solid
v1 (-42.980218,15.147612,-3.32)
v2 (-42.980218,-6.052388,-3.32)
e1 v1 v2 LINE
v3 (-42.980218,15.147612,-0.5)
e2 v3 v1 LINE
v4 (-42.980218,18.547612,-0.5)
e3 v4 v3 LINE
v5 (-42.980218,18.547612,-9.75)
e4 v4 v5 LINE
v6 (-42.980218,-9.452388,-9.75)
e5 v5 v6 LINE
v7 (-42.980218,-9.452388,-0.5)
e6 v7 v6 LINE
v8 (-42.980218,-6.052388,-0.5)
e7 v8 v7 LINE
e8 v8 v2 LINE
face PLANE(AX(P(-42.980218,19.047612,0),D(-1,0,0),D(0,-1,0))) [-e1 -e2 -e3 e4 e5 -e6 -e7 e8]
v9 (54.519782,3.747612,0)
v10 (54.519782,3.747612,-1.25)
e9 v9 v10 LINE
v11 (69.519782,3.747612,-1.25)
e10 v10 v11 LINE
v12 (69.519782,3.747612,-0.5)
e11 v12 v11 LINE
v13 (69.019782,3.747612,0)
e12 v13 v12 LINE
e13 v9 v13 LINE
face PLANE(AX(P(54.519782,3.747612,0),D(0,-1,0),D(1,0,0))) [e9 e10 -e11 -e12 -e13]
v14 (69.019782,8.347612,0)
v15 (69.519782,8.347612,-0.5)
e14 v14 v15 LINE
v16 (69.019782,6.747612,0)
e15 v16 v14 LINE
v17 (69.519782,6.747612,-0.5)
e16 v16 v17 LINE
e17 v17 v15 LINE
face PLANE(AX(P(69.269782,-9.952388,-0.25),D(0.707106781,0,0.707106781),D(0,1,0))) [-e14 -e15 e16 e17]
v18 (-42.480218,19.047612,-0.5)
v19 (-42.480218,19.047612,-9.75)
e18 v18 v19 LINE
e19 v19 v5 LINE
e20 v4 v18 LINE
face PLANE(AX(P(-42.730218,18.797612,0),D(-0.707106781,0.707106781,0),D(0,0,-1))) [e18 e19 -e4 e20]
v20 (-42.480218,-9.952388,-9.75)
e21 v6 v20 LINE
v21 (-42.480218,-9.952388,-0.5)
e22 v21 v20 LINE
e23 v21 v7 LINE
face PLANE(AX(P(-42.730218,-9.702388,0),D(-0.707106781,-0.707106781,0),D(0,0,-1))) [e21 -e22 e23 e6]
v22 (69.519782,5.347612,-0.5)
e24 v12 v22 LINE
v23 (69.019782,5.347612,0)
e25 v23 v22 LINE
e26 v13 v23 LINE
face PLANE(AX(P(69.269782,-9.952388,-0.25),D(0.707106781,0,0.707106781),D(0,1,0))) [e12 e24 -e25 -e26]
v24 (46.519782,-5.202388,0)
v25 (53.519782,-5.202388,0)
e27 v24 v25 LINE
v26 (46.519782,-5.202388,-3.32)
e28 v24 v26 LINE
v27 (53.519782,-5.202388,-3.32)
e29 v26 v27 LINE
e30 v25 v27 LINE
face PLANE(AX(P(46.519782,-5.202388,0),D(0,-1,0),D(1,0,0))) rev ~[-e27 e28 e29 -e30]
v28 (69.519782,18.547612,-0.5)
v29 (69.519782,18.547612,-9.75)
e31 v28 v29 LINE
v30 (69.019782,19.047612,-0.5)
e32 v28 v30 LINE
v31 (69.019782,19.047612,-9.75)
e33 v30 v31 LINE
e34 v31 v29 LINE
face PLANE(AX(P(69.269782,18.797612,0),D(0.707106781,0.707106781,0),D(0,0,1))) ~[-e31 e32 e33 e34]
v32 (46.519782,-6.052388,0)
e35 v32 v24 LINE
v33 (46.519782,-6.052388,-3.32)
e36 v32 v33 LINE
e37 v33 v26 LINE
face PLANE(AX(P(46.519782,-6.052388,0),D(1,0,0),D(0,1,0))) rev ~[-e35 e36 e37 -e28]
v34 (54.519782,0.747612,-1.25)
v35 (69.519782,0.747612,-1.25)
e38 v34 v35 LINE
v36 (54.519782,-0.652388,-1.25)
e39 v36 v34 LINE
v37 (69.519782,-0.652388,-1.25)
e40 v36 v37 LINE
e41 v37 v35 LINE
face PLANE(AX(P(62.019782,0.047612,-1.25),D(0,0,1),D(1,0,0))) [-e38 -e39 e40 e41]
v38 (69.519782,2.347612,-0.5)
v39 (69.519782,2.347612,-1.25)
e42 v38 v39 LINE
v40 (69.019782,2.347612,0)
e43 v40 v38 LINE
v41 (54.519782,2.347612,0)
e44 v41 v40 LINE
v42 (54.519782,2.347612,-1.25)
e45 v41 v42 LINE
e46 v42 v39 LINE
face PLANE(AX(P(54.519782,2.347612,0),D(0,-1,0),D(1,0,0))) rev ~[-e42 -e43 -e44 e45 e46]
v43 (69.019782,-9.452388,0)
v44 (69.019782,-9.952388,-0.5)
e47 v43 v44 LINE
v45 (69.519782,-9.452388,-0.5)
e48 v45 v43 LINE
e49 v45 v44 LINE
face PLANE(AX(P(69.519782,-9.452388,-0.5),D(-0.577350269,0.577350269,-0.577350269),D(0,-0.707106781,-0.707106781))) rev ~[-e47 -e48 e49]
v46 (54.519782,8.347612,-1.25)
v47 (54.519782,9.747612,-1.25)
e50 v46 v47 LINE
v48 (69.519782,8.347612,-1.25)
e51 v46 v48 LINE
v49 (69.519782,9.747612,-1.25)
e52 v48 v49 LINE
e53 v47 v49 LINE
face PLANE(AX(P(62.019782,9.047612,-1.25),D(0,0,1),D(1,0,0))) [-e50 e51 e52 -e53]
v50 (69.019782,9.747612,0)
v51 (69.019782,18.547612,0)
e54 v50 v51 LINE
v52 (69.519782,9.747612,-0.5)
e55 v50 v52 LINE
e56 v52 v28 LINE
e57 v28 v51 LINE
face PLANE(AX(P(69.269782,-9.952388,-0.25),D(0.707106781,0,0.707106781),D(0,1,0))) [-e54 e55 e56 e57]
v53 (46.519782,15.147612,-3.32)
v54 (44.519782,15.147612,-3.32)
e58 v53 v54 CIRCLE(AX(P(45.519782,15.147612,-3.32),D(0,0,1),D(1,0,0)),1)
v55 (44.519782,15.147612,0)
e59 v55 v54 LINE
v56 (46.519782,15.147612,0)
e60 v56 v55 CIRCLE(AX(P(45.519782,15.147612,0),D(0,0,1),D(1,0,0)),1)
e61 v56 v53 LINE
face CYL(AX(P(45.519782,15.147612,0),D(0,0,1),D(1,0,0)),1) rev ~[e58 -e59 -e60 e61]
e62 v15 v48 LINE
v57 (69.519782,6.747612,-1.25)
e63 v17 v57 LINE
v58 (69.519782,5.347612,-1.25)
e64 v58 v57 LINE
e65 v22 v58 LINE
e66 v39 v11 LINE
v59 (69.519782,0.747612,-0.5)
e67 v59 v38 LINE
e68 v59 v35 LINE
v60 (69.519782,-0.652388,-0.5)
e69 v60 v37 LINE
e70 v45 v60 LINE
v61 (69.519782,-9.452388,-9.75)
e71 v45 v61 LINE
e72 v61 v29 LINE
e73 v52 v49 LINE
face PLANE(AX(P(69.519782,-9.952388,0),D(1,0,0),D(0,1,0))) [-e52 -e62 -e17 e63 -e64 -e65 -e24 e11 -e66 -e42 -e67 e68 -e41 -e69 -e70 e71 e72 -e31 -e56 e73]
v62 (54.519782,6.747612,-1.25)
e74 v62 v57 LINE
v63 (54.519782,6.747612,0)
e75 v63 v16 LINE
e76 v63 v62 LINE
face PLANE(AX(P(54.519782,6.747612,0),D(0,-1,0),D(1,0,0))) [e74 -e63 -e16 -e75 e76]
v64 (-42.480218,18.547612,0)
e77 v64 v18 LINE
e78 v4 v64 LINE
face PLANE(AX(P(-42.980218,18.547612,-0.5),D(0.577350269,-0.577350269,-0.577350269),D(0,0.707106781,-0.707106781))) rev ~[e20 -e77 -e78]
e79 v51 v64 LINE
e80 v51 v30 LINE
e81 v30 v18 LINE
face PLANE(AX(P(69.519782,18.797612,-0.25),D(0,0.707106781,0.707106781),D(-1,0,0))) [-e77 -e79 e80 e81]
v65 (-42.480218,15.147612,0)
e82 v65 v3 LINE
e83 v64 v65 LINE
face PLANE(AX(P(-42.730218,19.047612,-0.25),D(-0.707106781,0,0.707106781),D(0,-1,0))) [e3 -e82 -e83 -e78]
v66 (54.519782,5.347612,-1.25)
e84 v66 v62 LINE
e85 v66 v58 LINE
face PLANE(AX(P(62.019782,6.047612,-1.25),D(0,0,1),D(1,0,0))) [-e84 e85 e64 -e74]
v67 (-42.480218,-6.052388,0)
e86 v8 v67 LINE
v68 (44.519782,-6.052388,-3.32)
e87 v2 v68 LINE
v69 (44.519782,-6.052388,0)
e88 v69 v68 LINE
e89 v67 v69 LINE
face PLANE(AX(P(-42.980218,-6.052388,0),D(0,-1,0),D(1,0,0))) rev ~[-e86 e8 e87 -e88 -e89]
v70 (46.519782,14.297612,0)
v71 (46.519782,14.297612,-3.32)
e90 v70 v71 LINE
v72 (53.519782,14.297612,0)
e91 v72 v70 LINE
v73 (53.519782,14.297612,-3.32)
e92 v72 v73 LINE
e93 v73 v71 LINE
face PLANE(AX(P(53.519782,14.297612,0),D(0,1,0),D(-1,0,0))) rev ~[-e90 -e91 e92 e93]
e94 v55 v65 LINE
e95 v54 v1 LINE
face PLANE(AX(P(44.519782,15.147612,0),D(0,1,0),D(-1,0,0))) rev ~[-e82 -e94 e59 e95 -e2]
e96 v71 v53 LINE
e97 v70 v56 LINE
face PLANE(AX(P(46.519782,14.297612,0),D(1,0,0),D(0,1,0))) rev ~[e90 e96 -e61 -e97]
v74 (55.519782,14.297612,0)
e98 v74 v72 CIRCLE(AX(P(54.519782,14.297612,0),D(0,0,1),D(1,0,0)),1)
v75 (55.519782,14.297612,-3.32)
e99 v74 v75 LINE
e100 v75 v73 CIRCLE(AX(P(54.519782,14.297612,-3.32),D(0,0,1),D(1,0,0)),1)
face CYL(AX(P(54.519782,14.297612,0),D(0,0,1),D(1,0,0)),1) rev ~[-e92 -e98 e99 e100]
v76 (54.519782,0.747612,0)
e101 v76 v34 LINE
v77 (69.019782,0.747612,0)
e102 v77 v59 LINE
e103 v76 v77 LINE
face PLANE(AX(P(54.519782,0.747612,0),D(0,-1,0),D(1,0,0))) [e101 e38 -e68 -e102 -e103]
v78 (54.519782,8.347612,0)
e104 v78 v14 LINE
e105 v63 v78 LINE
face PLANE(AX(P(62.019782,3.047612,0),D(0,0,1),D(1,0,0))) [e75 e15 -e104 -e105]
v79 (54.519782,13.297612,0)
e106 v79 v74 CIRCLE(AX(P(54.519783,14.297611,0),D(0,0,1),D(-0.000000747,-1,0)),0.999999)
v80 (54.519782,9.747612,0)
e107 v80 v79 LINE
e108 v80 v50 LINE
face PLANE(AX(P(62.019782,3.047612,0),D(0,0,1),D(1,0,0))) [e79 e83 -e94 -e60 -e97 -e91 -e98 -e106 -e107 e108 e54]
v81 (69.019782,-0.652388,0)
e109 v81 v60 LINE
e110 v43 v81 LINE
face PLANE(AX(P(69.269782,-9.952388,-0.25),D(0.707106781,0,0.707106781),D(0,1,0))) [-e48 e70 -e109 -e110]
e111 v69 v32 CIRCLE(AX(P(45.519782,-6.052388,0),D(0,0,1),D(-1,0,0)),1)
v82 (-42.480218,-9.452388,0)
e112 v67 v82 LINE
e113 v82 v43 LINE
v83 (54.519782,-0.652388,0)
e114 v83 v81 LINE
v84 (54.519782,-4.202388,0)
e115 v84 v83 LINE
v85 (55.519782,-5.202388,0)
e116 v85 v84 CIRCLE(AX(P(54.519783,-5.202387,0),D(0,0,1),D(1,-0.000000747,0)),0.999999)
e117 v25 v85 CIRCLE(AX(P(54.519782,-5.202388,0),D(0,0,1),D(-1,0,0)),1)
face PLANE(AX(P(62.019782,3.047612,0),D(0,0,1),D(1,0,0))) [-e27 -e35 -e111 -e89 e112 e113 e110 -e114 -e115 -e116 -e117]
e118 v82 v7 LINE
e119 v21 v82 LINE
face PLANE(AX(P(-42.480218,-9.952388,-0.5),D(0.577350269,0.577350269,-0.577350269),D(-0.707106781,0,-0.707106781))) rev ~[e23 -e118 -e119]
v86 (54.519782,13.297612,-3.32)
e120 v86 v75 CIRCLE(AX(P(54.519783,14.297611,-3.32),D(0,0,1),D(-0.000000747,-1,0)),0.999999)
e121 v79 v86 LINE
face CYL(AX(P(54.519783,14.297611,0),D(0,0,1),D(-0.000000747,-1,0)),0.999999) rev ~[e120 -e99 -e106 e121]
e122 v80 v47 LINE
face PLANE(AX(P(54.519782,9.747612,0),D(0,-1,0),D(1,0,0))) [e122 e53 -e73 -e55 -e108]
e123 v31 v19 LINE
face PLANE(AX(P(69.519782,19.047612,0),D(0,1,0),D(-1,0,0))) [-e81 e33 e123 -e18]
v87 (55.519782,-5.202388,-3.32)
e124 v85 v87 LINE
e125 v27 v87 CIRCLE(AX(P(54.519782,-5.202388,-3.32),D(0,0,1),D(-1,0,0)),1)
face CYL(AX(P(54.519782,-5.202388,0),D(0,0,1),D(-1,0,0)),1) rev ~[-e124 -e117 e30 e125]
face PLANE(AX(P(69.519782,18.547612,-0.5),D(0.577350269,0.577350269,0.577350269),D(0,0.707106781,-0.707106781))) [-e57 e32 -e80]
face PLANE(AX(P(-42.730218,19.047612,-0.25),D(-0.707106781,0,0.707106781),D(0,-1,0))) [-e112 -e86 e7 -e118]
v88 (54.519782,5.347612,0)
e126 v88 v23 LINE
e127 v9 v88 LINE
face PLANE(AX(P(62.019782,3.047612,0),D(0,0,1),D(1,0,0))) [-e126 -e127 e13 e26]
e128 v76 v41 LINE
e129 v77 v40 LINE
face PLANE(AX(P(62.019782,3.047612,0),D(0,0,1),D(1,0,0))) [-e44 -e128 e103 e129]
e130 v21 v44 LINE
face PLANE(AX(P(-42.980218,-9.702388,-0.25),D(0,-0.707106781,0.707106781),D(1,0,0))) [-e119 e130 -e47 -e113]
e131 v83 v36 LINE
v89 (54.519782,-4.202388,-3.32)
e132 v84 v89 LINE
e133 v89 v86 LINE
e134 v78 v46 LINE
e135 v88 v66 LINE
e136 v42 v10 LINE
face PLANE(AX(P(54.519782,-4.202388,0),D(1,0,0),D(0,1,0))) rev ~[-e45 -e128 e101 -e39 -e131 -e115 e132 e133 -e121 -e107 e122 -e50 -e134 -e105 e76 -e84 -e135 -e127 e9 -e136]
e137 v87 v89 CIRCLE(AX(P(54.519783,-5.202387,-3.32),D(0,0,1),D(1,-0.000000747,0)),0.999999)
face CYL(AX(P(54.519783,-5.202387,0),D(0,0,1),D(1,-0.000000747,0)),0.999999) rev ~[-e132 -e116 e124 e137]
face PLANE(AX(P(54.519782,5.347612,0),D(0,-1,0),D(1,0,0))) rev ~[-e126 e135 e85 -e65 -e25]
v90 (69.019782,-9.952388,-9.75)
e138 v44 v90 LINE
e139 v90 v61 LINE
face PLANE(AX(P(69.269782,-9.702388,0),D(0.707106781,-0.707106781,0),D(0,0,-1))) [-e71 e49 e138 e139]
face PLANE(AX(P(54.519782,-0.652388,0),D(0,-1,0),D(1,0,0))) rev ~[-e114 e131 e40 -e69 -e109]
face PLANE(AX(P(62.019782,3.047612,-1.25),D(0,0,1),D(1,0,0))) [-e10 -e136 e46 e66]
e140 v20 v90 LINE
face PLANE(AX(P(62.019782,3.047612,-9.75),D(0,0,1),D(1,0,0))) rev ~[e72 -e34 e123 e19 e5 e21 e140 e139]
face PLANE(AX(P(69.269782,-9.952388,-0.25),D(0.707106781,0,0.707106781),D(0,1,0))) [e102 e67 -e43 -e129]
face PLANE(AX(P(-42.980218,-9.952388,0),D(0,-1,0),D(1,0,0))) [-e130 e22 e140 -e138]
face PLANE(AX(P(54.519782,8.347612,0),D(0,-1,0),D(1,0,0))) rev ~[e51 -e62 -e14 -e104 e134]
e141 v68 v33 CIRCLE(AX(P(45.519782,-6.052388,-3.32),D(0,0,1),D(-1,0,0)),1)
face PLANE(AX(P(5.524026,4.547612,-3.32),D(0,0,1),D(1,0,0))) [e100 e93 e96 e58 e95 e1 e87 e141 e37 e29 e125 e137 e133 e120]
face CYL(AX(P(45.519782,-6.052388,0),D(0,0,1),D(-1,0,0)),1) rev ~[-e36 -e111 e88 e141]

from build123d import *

# Parameters (mm, degrees)
F0_W     = 15
F0_H     = 1.4
F0_H_2   = 1.6
F1_DEPTH = 9.75
F2_SIZE  = 0.5
F3_DEPTH = 3.32
F4_DEPTH = 1.25


with BuildPart() as f1:
    # F0 (on Top) → F1 (new body)
    with BuildSketch(Plane.XY):
        with Locations((62.019782, 3.047612)):
            Rectangle(F0_W, F0_H)
        with Locations((62.019782, 6.047612)):
            Rectangle(F0_W, F0_H)
        with Locations((62.019782, 0.047612)):
            Rectangle(F0_W, F0_H)
        with Locations((62.019782, 9.047612)):
            Rectangle(F0_W, F0_H)
        with Locations((62.019782, 4.547612)):
            Rectangle(F0_W, F0_H_2)
        with Locations((62.019782, 1.547612)):
            Rectangle(F0_W, F0_H_2)
        with Locations((62.019782, 7.547612)):
            Rectangle(F0_W, F0_H_2)
        with BuildLine():
            Line((44.519782, 15.147612), (-42.980218, 15.147612))
            Line((-42.980218, 15.147612), (-42.980218, -6.052388))
            Line((-42.980218, -6.052388), (44.519782, -6.052388))
            Line((44.519782, -6.052388), (46.519782, -6.052388))
            Line((46.519782, -6.052388), (46.519782, -5.202388))
            Line((46.519782, -5.202388), (53.519782, -5.202388))
            ThreePointArc((53.519782, -5.202388), (53.812675, -4.495281), (54.519782, -4.202388))
            Line((54.519782, -4.202388), (54.519782, -0.652388))
            Line((54.519782, -0.652388), (54.519782, 0.747612))
            Line((54.519782, 0.747612), (54.519782, 2.347612))
            Line((54.519782, 2.347612), (54.519782, 3.747612))
            Line((54.519782, 3.747612), (54.519782, 5.347612))
            Line((54.519782, 5.347612), (54.519782, 6.747612))
            Line((54.519782, 6.747612), (54.519782, 8.347612))
            Line((54.519782, 8.347612), (54.519782, 9.747612))
            Line((54.519782, 9.747612), (54.519782, 13.297612))
            ThreePointArc((54.519782, 13.297612), (53.812675, 13.590505), (53.519782, 14.297612))
            Line((53.519782, 14.297612), (46.519782, 14.297612))
            Line((46.519782, 14.297612), (46.519782, 15.147612))
            Line((46.519782, 15.147612), (44.519782, 15.147612))
        make_face()
        with BuildLine():
            Line((46.519782, -6.052388), (44.519782, -6.052388))
            ThreePointArc((44.519782, -6.052388), (45.519782, -7.052388), (46.519782, -6.052388))
        make_face()
        with BuildLine():
            ThreePointArc((46.519782, 15.147612), (45.519782, 16.147612), (44.519782, 15.147612))
            Line((44.519782, 15.147612), (46.519782, 15.147612))
        make_face()
        with BuildLine():
            Line((69.519782, 19.047612), (-42.980218, 19.047612))
            Line((-42.980218, 19.047612), (-42.980218, 15.147612))
            Line((-42.980218, 15.147612), (44.519782, 15.147612))
            ThreePointArc((44.519782, 15.147612), (45.519782, 16.147612), (46.519782, 15.147612))
            Line((46.519782, 15.147612), (46.519782, 14.297612))
            Line((46.519782, 14.297612), (53.519782, 14.297612))
            ThreePointArc((53.519782, 14.297612), (54.519782, 15.297612), (55.519782, 14.297612))
            ThreePointArc((55.519782, 14.297612), (55.226889, 13.590505), (54.519782, 13.297612))
            Line((54.519782, 13.297612), (54.519782, 9.747612))
            Line((54.519782, 9.747612), (69.519782, 9.747612))
            Line((69.519782, 9.747612), (69.519782, 19.047612))
        make_face()
        with BuildLine():
            Line((44.519782, -6.052388), (-42.980218, -6.052388))
            Line((-42.980218, -6.052388), (-42.980218, -9.952388))
            Line((-42.980218, -9.952388), (69.519782, -9.952388))
            Line((69.519782, -9.952388), (69.519782, -0.652388))
            Line((69.519782, -0.652388), (54.519782, -0.652388))
            Line((54.519782, -0.652388), (54.519782, -4.202388))
            ThreePointArc((54.519782, -4.202388), (55.226889, -4.495281), (55.519782, -5.202388))
            ThreePointArc((55.519782, -5.202388), (54.519782, -6.202388), (53.519782, -5.202388))
            Line((53.519782, -5.202388), (46.519782, -5.202388))
            Line((46.519782, -5.202388), (46.519782, -6.052388))
            ThreePointArc((46.519782, -6.052388), (45.519782, -7.052388), (44.519782, -6.052388))
        make_face()
        with BuildLine():
            Line((54.519782, -5.202388), (53.519782, -5.202388))
            ThreePointArc((53.519782, -5.202388), (54.519782, -6.202388), (55.519782, -5.202388))
            ThreePointArc((55.519782, -5.202388), (55.226889, -4.495281), (54.519782, -4.202388))
            Line((54.519782, -4.202388), (54.519782, -5.202388))
        make_face()
        with BuildLine():
            ThreePointArc((54.519782, -4.202388), (53.812675, -4.495281), (53.519782, -5.202388))
            Line((53.519782, -5.202388), (54.519782, -5.202388))
            Line((54.519782, -5.202388), (54.519782, -4.202388))
        make_face()
        with BuildLine():
            Line((54.519782, 14.297612), (54.519782, 13.297612))
            ThreePointArc((54.519782, 13.297612), (55.226889, 13.590505), (55.519782, 14.297612))
            ThreePointArc((55.519782, 14.297612), (54.519782, 15.297612), (53.519782, 14.297612))
            Line((53.519782, 14.297612), (54.519782, 14.297612))
        make_face()
        with BuildLine():
            ThreePointArc((53.519782, 14.297612), (53.812675, 13.590505), (54.519782, 13.297612))
            Line((54.519782, 13.297612), (54.519782, 14.297612))
            Line((54.519782, 14.297612), (53.519782, 14.297612))
        make_face()
    extrude(amount=-F1_DEPTH)

    # F2
    f2_edges = [f1.edges().sort_by_distance(p)[0] for p in [
        (13.269782, 19.047612, 0),
        (-42.980218, 4.547612, 0),
        (13.269782, -9.952388, 0),
        (69.519782, 4.547612, 0),
        (-42.980218, 19.047612, -4.875),
        (-42.980218, -9.952388, -4.875),
        (69.519782, 19.047612, -4.875),
        (69.519782, -9.952388, -4.875),
    ]]
    chamfer(f2_edges, length=F2_SIZE)

    # F0 (on Top) → F3 (cut)
    with BuildSketch(Plane.XY):
        with BuildLine():
            Line((44.519782, 15.147612), (-42.980218, 15.147612))
            Line((-42.980218, 15.147612), (-42.980218, -6.052388))
            Line((-42.980218, -6.052388), (44.519782, -6.052388))
            Line((44.519782, -6.052388), (46.519782, -6.052388))
            Line((46.519782, -6.052388), (46.519782, -5.202388))
            Line((46.519782, -5.202388), (53.519782, -5.202388))
            ThreePointArc((53.519782, -5.202388), (53.812675, -4.495281), (54.519782, -4.202388))
            Line((54.519782, -4.202388), (54.519782, -0.652388))
            Line((54.519782, -0.652388), (54.519782, 0.747612))
            Line((54.519782, 0.747612), (54.519782, 2.347612))
            Line((54.519782, 2.347612), (54.519782, 3.747612))
            Line((54.519782, 3.747612), (54.519782, 5.347612))
            Line((54.519782, 5.347612), (54.519782, 6.747612))
            Line((54.519782, 6.747612), (54.519782, 8.347612))
            Line((54.519782, 8.347612), (54.519782, 9.747612))
            Line((54.519782, 9.747612), (54.519782, 13.297612))
            ThreePointArc((54.519782, 13.297612), (53.812675, 13.590505), (53.519782, 14.297612))
            Line((53.519782, 14.297612), (46.519782, 14.297612))
            Line((46.519782, 14.297612), (46.519782, 15.147612))
            Line((46.519782, 15.147612), (44.519782, 15.147612))
        make_face()
        with BuildLine():
            Line((46.519782, -6.052388), (44.519782, -6.052388))
            ThreePointArc((44.519782, -6.052388), (45.519782, -7.052388), (46.519782, -6.052388))
        make_face()
        with BuildLine():
            ThreePointArc((54.519782, -4.202388), (53.812675, -4.495281), (53.519782, -5.202388))
            Line((53.519782, -5.202388), (54.519782, -5.202388))
            Line((54.519782, -5.202388), (54.519782, -4.202388))
        make_face()
        with BuildLine():
            Line((54.519782, -5.202388), (53.519782, -5.202388))
            ThreePointArc((53.519782, -5.202388), (54.519782, -6.202388), (55.519782, -5.202388))
            ThreePointArc((55.519782, -5.202388), (55.226889, -4.495281), (54.519782, -4.202388))
            Line((54.519782, -4.202388), (54.519782, -5.202388))
        make_face()
        with BuildLine():
            ThreePointArc((53.519782, 14.297612), (53.812675, 13.590505), (54.519782, 13.297612))
            Line((54.519782, 13.297612), (54.519782, 14.297612))
            Line((54.519782, 14.297612), (53.519782, 14.297612))
        make_face()
        with BuildLine():
            Line((54.519782, 14.297612), (54.519782, 13.297612))
            ThreePointArc((54.519782, 13.297612), (55.226889, 13.590505), (55.519782, 14.297612))
            ThreePointArc((55.519782, 14.297612), (54.519782, 15.297612), (53.519782, 14.297612))
            Line((53.519782, 14.297612), (54.519782, 14.297612))
        make_face()
        with BuildLine():
            ThreePointArc((46.519782, 15.147612), (45.519782, 16.147612), (44.519782, 15.147612))
            Line((44.519782, 15.147612), (46.519782, 15.147612))
        make_face()
    extrude(amount=-F3_DEPTH, mode=Mode.SUBTRACT)

    # F0 (on Top) → F4 (cut)
    with BuildSketch(Plane.XY):
        with Locations((62.019782, 9.047612)):
            Rectangle(F0_W, F0_H)
        with Locations((62.019782, 6.047612)):
            Rectangle(F0_W, F0_H)
        with Locations((62.019782, 3.047612)):
            Rectangle(F0_W, F0_H)
        with Locations((62.019782, 0.047612)):
            Rectangle(F0_W, F0_H)
    extrude(amount=-F4_DEPTH, mode=Mode.SUBTRACT)


solid = f1.part
